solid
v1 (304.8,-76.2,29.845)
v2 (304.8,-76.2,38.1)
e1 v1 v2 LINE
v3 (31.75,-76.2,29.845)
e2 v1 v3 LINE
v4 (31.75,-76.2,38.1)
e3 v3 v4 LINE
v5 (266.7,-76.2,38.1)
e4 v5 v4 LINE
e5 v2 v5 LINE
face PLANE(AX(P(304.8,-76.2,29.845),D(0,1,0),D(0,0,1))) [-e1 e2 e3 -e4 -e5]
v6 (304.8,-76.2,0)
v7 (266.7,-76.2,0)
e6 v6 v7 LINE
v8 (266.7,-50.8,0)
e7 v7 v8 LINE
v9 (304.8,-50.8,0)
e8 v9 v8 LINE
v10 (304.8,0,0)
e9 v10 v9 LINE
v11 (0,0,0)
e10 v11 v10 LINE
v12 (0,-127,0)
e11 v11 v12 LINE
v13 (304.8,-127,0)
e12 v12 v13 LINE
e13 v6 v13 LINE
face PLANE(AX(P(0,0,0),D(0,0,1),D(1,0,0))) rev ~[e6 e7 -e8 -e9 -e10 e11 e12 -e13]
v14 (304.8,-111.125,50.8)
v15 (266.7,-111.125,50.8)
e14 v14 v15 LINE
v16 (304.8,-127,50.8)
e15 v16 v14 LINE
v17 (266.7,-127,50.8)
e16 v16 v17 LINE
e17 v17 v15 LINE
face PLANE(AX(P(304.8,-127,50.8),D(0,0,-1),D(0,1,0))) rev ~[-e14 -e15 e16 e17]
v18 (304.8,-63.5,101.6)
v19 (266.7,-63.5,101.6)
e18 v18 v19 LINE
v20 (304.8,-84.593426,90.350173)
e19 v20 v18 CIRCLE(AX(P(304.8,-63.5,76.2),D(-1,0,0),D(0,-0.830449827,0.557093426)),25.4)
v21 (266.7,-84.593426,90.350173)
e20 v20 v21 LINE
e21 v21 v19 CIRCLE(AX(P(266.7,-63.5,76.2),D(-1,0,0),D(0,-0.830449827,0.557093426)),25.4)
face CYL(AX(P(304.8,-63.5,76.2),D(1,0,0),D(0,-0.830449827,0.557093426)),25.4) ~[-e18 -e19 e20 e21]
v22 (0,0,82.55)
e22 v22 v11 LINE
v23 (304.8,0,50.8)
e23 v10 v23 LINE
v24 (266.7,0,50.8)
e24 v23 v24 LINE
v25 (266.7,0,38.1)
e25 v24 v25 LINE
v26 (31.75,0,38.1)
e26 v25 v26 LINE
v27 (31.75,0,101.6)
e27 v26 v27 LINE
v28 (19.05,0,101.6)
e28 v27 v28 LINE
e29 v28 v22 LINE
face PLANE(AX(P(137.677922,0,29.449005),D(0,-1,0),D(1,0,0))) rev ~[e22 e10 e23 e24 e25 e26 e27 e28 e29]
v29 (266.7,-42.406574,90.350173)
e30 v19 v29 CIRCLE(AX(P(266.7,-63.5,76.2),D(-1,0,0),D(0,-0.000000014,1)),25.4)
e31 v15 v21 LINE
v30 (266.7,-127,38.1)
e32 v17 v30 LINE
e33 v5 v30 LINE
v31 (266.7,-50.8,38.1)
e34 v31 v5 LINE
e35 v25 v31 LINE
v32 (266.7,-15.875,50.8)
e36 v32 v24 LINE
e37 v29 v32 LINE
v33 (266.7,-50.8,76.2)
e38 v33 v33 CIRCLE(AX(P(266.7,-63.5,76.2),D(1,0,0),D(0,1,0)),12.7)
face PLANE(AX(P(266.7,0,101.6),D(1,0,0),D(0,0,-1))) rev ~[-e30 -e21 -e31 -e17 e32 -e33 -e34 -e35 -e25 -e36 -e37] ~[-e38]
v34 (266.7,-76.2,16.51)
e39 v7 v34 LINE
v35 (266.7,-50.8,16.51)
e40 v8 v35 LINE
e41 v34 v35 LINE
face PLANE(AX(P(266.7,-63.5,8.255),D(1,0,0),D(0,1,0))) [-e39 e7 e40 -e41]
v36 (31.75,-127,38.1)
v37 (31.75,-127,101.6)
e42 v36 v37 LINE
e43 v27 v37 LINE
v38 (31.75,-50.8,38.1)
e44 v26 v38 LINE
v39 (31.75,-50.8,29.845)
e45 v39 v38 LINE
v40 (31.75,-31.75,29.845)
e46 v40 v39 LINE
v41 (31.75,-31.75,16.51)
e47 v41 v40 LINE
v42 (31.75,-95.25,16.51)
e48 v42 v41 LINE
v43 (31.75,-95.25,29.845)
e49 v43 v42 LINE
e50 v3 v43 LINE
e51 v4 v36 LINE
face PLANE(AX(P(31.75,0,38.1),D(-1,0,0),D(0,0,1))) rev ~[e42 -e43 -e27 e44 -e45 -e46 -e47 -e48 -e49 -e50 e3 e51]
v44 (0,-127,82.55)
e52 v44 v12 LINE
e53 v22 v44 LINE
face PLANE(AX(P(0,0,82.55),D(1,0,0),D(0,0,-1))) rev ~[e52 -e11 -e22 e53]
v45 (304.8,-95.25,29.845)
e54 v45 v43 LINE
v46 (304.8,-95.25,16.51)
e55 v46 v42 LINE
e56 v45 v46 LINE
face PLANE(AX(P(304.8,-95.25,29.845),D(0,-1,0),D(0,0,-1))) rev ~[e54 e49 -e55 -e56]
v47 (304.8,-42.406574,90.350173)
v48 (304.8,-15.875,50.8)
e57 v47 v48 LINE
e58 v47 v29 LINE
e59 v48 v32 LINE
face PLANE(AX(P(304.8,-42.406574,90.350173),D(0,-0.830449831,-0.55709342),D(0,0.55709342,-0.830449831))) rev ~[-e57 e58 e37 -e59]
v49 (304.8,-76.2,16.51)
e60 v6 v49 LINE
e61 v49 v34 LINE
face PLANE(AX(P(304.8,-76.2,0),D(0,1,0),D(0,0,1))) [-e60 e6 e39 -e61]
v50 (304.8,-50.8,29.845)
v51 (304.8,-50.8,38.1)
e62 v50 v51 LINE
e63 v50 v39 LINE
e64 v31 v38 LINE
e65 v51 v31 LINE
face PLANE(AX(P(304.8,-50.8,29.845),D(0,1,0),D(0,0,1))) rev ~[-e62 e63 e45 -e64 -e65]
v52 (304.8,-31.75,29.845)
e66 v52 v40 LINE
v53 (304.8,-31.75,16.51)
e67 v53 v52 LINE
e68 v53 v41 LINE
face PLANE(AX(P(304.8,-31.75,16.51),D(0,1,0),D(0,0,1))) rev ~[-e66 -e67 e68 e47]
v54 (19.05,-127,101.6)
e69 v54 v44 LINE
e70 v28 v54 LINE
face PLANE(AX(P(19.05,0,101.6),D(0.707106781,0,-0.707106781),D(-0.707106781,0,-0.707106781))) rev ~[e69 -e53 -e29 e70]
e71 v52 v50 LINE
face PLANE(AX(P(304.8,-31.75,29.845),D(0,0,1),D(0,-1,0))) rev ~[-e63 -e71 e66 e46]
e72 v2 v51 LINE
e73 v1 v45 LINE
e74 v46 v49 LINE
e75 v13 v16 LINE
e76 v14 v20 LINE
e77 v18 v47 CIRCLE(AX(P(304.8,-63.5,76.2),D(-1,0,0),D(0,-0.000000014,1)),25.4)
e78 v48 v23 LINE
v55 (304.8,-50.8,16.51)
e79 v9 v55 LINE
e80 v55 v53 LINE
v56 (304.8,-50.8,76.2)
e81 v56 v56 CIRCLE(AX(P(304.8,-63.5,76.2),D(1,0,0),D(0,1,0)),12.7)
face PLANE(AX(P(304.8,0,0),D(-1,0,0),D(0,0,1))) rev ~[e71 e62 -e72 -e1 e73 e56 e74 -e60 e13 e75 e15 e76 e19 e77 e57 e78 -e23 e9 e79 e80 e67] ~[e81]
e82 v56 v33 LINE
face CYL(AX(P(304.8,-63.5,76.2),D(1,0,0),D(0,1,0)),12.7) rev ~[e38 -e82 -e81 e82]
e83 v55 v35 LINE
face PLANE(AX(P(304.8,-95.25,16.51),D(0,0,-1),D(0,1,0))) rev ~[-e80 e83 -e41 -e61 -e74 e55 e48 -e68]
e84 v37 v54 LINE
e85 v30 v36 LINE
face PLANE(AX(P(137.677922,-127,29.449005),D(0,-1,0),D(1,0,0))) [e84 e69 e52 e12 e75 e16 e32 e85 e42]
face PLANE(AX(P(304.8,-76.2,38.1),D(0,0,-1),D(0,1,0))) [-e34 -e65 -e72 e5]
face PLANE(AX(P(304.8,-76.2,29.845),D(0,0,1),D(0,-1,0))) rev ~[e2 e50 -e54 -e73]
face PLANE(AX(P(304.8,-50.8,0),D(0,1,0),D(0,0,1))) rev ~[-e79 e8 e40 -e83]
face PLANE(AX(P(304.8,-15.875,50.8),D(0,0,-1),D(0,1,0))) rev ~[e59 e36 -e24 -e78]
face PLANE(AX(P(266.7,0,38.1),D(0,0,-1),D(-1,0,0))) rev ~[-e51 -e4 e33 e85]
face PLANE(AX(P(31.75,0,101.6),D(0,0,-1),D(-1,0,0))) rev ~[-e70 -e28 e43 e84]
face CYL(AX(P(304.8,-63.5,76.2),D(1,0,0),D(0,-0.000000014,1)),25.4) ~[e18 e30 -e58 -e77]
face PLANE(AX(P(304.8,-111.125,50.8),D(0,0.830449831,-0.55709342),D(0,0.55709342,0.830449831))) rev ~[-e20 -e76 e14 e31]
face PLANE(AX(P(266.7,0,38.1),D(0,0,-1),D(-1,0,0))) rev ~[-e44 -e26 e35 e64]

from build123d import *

# Parameters (mm, degrees)
F0_W     = 38.1
F0_H     = 50.8
F1_DEPTH = 127
F2_W     = 25.4
F2_H     = 8.255
F3_DEPTH = 273.05
F5_DEPTH = 38.1
F4_R     = 12.7
F6_DEPTH = 38.1
F2_H_2   = 16.51
F7_DEPTH = 38.1


with BuildPart() as f1:
    # F0 (on Front) → F1 (new body)
    with BuildSketch(Plane.XZ):
        Polygon((0, 82.55), (0, 0), (304.8, 0), (304.8, 50.8), (266.7, 50.8), (266.7, 38.1), (31.75, 38.1), (31.75, 101.6), (19.05, 101.6), align=None)
        with Locations((285.75, 76.2)):
            Rectangle(F0_W, F0_H)
    extrude(amount=F1_DEPTH)

    # F2 (on face) → F3 (cut)
    with BuildSketch(Plane.YZ.offset(304.8)):
        with Locations((-63.5, 33.9725)):
            Rectangle(F2_W, F2_H)
        Polygon((-31.75, 29.845), (-50.8, 29.845), (-76.2, 29.845), (-95.25, 29.845), (-95.25, 16.51), (-76.2, 16.51), (-50.8, 16.51), (-31.75, 16.51), align=None)
    extrude(amount=-F3_DEPTH, mode=Mode.SUBTRACT)

    # F4 (on face) → F5 (cut, through all)
    with BuildSketch(Plane.YZ.offset(304.8)):
        with BuildLine():
            Line((0, 101.6), (-63.5, 101.6))
            ThreePointArc((-63.5, 101.6), (-51.547059, 98.611765), (-42.406574, 90.350173))
            Line((-42.406574, 90.350173), (-15.875, 50.8))
            Line((-15.875, 50.8), (0, 50.8))
            Line((0, 50.8), (0, 101.6))
        make_face()
        with BuildLine():
            Line((-127, 101.6), (-127, 50.8))
            Line((-127, 50.8), (-111.125, 50.8))
            Line((-111.125, 50.8), (-84.593426, 90.350173))
            ThreePointArc((-84.593426, 90.350173), (-75.452941, 98.611765), (-63.5, 101.6))
            Line((-63.5, 101.6), (-127, 101.6))
        make_face()
    extrude(amount=-F5_DEPTH, mode=Mode.SUBTRACT)

    # F4 (on face) → F6 (cut, through all)
    with BuildSketch(Plane.YZ.offset(304.8)):
        with Locations((-63.5, 76.2)):
            Circle(F4_R)
    extrude(amount=-F6_DEPTH, mode=Mode.SUBTRACT)

    # F2 (on face) → F7 (cut)
    with BuildSketch(Plane.YZ.offset(304.8)):
        with Locations((-63.5, 8.255)):
            Rectangle(F2_W, F2_H_2)
    extrude(amount=-F7_DEPTH, mode=Mode.SUBTRACT)


solid = f1.part
